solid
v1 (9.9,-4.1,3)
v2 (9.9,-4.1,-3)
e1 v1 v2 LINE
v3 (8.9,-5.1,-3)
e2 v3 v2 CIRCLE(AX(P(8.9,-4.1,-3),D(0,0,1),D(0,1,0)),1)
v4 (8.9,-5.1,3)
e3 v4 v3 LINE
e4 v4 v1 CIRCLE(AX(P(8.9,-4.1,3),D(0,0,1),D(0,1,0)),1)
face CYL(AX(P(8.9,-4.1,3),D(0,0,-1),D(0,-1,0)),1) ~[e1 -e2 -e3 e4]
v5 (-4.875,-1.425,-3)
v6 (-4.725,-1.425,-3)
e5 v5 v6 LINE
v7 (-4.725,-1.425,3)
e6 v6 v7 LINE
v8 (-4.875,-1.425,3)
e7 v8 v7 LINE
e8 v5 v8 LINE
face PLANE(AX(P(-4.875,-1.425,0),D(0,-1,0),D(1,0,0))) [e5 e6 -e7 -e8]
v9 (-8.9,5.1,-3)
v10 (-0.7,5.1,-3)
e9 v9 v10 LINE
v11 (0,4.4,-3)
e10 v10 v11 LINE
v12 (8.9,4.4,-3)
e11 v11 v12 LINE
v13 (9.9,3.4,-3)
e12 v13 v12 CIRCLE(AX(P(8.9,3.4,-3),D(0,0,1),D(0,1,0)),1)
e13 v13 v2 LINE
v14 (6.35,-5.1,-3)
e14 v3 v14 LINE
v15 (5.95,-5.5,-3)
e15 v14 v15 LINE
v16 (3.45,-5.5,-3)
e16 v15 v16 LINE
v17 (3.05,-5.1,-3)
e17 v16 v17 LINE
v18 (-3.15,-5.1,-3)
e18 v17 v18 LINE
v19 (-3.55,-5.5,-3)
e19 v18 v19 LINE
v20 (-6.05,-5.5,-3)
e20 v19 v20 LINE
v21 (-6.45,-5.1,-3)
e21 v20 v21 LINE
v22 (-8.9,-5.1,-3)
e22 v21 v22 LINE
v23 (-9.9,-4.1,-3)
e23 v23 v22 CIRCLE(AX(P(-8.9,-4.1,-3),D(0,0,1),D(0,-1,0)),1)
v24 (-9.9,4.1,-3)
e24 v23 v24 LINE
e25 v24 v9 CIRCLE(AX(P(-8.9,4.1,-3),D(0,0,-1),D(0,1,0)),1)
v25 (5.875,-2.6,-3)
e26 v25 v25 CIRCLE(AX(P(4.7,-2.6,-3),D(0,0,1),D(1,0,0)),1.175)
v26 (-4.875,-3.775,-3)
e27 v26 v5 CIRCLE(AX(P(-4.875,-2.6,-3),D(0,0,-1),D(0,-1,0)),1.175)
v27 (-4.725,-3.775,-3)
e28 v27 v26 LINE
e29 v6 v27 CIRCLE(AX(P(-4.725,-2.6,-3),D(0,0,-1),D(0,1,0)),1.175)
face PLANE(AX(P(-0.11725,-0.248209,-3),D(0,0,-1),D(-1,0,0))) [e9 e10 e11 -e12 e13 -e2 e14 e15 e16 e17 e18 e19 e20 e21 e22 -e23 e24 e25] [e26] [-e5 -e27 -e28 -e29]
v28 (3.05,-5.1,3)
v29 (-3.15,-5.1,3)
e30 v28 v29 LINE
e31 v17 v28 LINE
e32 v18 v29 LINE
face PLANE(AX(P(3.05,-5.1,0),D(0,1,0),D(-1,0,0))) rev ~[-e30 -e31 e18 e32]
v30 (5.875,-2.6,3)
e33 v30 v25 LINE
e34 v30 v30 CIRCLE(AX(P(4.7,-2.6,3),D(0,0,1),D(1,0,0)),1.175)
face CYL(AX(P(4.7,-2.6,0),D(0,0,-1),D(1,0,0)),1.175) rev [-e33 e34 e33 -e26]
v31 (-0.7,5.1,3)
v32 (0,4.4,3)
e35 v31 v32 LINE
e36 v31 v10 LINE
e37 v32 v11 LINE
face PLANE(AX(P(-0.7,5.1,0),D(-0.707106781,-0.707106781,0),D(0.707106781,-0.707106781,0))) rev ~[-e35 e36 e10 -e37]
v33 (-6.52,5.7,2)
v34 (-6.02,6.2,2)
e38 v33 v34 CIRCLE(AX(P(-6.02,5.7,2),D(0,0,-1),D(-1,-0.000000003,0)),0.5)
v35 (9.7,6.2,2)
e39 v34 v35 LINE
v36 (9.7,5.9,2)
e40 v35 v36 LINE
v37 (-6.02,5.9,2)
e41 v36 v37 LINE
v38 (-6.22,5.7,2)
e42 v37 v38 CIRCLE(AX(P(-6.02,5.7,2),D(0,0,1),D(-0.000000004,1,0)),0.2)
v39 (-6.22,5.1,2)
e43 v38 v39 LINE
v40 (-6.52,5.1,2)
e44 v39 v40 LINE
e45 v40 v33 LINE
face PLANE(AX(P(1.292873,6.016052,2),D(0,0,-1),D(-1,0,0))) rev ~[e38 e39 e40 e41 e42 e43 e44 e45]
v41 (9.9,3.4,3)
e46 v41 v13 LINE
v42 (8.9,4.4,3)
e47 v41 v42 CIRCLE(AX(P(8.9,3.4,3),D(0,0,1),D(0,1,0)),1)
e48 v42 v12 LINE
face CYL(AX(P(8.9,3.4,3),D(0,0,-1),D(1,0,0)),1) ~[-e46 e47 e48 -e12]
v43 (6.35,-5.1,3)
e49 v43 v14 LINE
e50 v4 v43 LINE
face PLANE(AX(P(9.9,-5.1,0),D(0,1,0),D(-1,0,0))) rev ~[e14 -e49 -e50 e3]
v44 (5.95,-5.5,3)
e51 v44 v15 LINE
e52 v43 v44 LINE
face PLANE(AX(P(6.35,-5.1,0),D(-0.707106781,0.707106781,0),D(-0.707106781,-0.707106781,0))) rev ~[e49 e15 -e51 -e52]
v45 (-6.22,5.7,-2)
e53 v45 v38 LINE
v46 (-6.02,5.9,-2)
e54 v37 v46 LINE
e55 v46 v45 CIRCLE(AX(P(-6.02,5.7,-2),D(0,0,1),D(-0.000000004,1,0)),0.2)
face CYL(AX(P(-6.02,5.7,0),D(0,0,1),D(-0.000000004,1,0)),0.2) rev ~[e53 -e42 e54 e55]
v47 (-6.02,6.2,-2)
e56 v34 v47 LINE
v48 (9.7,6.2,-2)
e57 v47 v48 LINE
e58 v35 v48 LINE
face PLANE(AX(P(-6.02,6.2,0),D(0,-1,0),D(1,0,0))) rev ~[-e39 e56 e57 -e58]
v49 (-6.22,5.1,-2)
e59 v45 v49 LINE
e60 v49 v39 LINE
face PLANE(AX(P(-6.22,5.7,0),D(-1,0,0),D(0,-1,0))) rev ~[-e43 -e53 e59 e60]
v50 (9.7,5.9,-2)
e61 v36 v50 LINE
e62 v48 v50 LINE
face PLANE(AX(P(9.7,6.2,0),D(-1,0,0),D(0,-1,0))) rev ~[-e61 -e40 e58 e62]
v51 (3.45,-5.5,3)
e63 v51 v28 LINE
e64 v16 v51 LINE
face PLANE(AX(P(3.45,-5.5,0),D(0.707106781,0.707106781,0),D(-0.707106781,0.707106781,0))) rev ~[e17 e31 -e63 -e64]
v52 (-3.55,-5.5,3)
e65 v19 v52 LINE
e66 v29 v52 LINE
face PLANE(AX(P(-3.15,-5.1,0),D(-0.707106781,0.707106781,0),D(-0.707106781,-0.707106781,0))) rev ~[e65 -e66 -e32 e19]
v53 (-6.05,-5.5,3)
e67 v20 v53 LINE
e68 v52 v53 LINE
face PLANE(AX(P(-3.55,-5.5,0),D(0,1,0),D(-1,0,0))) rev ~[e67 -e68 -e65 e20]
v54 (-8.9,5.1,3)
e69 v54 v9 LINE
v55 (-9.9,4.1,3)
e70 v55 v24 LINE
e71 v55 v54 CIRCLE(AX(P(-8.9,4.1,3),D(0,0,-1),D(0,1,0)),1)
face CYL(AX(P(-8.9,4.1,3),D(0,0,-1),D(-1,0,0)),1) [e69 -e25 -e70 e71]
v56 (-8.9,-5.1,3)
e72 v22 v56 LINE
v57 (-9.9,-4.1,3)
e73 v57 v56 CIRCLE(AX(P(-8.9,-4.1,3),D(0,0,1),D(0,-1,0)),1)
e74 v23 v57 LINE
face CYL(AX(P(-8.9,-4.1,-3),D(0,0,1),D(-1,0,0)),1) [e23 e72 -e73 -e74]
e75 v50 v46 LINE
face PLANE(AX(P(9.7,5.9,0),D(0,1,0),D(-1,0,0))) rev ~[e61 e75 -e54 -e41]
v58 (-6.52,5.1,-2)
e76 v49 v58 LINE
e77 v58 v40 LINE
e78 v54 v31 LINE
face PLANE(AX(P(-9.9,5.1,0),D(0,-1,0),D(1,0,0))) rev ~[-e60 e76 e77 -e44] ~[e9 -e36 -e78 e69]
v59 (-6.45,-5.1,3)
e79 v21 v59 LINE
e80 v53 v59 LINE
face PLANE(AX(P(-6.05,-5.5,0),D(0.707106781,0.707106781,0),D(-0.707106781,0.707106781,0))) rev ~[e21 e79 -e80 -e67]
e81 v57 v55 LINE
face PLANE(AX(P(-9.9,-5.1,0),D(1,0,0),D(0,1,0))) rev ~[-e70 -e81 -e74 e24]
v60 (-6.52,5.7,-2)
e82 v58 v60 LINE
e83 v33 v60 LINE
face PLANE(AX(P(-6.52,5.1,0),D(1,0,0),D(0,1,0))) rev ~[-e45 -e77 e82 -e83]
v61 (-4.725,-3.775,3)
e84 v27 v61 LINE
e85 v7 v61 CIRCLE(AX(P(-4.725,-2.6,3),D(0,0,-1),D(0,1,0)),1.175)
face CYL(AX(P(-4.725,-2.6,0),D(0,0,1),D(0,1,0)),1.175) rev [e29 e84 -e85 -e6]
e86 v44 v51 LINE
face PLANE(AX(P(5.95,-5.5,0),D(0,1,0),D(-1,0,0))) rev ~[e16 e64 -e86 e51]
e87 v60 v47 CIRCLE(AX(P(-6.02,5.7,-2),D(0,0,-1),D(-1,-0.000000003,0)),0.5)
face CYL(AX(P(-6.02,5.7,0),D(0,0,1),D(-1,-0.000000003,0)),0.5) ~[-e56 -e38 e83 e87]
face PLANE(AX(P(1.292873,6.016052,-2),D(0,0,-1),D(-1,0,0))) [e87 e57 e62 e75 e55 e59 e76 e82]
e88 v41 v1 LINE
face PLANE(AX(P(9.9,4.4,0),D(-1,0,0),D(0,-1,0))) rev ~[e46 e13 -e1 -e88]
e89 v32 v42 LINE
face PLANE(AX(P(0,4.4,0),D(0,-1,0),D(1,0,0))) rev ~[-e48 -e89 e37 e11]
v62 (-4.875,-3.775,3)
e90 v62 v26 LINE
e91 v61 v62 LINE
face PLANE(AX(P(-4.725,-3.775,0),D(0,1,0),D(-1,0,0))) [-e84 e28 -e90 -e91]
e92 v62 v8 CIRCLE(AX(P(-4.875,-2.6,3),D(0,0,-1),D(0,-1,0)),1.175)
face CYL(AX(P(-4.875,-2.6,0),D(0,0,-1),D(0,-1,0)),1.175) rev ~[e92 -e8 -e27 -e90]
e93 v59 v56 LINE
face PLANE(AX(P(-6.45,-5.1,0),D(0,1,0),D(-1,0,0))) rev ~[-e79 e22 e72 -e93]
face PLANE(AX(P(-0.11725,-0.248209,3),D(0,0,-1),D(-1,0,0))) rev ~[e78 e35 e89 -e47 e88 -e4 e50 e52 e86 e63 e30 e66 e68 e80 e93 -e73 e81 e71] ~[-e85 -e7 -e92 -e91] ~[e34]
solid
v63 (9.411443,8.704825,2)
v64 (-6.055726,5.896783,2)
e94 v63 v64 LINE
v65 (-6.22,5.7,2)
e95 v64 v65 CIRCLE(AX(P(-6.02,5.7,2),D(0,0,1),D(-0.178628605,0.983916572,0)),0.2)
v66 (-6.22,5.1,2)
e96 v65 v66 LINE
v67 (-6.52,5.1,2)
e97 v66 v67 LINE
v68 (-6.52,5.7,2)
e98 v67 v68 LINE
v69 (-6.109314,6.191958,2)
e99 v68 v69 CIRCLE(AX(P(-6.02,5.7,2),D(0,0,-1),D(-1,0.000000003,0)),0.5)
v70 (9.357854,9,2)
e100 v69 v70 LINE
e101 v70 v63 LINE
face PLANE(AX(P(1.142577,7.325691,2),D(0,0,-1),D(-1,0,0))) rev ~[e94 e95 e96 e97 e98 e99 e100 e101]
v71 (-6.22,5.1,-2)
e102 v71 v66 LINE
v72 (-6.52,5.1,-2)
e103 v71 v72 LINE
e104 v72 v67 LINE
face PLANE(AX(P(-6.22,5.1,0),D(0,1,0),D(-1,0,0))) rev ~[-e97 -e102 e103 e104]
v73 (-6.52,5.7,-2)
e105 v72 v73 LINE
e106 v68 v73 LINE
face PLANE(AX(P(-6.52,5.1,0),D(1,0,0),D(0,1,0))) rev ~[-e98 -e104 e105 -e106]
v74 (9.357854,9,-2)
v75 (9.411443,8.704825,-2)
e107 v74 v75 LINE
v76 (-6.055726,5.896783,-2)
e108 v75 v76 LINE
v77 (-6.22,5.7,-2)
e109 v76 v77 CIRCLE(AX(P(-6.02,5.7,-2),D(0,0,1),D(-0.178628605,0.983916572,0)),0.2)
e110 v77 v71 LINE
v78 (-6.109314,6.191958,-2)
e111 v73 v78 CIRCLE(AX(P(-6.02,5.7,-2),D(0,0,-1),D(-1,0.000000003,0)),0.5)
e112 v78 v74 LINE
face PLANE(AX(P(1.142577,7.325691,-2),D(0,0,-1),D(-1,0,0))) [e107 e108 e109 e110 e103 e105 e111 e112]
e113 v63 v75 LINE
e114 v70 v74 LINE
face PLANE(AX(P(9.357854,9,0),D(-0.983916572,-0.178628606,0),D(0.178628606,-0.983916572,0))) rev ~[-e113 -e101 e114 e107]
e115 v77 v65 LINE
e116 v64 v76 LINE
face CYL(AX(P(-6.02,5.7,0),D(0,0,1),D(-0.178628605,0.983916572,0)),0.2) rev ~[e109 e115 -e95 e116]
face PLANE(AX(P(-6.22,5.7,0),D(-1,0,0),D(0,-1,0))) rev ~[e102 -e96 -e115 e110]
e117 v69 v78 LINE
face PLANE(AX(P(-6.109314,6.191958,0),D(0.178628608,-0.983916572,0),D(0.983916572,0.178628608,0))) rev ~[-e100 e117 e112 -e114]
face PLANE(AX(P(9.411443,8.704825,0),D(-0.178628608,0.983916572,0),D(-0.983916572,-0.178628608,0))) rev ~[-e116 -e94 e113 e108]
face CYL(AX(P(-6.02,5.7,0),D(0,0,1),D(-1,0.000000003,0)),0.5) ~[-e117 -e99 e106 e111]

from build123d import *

# Parameters (mm, degrees)
SKETCH1_R           = 1.175
BOSS_EXTRUDE1_DEPTH = 3
FILLET1_R           = 1
BOSS_EXTRUDE3_DEPTH = 2
BOSS_EXTRUDE4_DEPTH = 2


with BuildPart() as part:
    # Sketch1 → Boss-Extrude1 (new body, symmetric)
    with BuildSketch(Plane.XY):
        Polygon((-9.9, -5.1), (-9.9, 5.1), (-0.7, 5.1), (0, 4.4), (9.9, 4.4), (9.9, -5.1), (6.35, -5.1), (5.95, -5.5), (3.45, -5.5), (3.05, -5.1), (-3.15, -5.1), (-3.55, -5.5), (-6.05, -5.5), (-6.45, -5.1), align=None)
        with Locations((4.7, -2.6)):
            Circle(SKETCH1_R, mode=Mode.SUBTRACT)
        with BuildLine():
            Line((-4.875, -1.425), (-4.725, -1.425))
            ThreePointArc((-4.725, -1.425), (-3.55, -2.6), (-4.725, -3.775))
            Line((-4.725, -3.775), (-4.875, -3.775))
            ThreePointArc((-4.875, -3.775), (-6.05, -2.6), (-4.875, -1.425))
        make_face(mode=Mode.SUBTRACT)
    extrude(amount=BOSS_EXTRUDE1_DEPTH, both=True)

    # Fillet1
    fillet1_edges = [part.edges().sort_by_distance(p)[0] for p in [
        (-9.9, -5.1, 0),
        (-9.9, 5.1, 0),
        (9.9, 4.4, 0),
        (9.9, -5.1, 0),
    ]]
    fillet(fillet1_edges, radius=FILLET1_R)

    # Sketch2 → Boss-Extrude3 (add, symmetric)
    with BuildSketch(Plane.XY):
        with BuildLine():
            Line((-6.52, 5.1), (-6.52, 5.7))
            ThreePointArc((-6.52, 5.7), (-6.373553391, 6.053553391), (-6.02, 6.2))
            Line((-6.02, 6.2), (9.7, 6.2))
            Line((9.7, 6.2), (9.7, 5.9))
            Line((9.7, 5.9), (-6.02, 5.9))
            ThreePointArc((-6.02, 5.9), (-6.161421356, 5.841421356), (-6.22, 5.7))
            Line((-6.22, 5.7), (-6.22, 5.1))
            Line((-6.22, 5.1), (-6.52, 5.1))
        make_face()
    extrude(amount=BOSS_EXTRUDE3_DEPTH, both=True)


with BuildPart() as body_2:
    # Sketch4 → Boss-Extrude4 (new body, symmetric)
    with BuildSketch(Plane.XY):
        with BuildLine():
            Line((-6.52, 5.1), (-6.52, 5.7))
            ThreePointArc((-6.52, 5.7), (-6.403834047, 6.020423819), (-6.109314304, 6.191958286))
            Line((-6.109314304, 6.191958286), (9.357854207, 9))
            Line((9.357854207, 9), (9.411442789, 8.704825028))
            Line((9.411442789, 8.704825028), (-6.055725722, 5.896783314))
            ThreePointArc((-6.055725722, 5.896783314), (-6.173533619, 5.828169528), (-6.22, 5.7))
            Line((-6.22, 5.7), (-6.22, 5.1))
            Line((-6.22, 5.1), (-6.52, 5.1))
        make_face()
    extrude(amount=BOSS_EXTRUDE4_DEPTH, both=True)


solid = Compound([part.part, body_2.part])
